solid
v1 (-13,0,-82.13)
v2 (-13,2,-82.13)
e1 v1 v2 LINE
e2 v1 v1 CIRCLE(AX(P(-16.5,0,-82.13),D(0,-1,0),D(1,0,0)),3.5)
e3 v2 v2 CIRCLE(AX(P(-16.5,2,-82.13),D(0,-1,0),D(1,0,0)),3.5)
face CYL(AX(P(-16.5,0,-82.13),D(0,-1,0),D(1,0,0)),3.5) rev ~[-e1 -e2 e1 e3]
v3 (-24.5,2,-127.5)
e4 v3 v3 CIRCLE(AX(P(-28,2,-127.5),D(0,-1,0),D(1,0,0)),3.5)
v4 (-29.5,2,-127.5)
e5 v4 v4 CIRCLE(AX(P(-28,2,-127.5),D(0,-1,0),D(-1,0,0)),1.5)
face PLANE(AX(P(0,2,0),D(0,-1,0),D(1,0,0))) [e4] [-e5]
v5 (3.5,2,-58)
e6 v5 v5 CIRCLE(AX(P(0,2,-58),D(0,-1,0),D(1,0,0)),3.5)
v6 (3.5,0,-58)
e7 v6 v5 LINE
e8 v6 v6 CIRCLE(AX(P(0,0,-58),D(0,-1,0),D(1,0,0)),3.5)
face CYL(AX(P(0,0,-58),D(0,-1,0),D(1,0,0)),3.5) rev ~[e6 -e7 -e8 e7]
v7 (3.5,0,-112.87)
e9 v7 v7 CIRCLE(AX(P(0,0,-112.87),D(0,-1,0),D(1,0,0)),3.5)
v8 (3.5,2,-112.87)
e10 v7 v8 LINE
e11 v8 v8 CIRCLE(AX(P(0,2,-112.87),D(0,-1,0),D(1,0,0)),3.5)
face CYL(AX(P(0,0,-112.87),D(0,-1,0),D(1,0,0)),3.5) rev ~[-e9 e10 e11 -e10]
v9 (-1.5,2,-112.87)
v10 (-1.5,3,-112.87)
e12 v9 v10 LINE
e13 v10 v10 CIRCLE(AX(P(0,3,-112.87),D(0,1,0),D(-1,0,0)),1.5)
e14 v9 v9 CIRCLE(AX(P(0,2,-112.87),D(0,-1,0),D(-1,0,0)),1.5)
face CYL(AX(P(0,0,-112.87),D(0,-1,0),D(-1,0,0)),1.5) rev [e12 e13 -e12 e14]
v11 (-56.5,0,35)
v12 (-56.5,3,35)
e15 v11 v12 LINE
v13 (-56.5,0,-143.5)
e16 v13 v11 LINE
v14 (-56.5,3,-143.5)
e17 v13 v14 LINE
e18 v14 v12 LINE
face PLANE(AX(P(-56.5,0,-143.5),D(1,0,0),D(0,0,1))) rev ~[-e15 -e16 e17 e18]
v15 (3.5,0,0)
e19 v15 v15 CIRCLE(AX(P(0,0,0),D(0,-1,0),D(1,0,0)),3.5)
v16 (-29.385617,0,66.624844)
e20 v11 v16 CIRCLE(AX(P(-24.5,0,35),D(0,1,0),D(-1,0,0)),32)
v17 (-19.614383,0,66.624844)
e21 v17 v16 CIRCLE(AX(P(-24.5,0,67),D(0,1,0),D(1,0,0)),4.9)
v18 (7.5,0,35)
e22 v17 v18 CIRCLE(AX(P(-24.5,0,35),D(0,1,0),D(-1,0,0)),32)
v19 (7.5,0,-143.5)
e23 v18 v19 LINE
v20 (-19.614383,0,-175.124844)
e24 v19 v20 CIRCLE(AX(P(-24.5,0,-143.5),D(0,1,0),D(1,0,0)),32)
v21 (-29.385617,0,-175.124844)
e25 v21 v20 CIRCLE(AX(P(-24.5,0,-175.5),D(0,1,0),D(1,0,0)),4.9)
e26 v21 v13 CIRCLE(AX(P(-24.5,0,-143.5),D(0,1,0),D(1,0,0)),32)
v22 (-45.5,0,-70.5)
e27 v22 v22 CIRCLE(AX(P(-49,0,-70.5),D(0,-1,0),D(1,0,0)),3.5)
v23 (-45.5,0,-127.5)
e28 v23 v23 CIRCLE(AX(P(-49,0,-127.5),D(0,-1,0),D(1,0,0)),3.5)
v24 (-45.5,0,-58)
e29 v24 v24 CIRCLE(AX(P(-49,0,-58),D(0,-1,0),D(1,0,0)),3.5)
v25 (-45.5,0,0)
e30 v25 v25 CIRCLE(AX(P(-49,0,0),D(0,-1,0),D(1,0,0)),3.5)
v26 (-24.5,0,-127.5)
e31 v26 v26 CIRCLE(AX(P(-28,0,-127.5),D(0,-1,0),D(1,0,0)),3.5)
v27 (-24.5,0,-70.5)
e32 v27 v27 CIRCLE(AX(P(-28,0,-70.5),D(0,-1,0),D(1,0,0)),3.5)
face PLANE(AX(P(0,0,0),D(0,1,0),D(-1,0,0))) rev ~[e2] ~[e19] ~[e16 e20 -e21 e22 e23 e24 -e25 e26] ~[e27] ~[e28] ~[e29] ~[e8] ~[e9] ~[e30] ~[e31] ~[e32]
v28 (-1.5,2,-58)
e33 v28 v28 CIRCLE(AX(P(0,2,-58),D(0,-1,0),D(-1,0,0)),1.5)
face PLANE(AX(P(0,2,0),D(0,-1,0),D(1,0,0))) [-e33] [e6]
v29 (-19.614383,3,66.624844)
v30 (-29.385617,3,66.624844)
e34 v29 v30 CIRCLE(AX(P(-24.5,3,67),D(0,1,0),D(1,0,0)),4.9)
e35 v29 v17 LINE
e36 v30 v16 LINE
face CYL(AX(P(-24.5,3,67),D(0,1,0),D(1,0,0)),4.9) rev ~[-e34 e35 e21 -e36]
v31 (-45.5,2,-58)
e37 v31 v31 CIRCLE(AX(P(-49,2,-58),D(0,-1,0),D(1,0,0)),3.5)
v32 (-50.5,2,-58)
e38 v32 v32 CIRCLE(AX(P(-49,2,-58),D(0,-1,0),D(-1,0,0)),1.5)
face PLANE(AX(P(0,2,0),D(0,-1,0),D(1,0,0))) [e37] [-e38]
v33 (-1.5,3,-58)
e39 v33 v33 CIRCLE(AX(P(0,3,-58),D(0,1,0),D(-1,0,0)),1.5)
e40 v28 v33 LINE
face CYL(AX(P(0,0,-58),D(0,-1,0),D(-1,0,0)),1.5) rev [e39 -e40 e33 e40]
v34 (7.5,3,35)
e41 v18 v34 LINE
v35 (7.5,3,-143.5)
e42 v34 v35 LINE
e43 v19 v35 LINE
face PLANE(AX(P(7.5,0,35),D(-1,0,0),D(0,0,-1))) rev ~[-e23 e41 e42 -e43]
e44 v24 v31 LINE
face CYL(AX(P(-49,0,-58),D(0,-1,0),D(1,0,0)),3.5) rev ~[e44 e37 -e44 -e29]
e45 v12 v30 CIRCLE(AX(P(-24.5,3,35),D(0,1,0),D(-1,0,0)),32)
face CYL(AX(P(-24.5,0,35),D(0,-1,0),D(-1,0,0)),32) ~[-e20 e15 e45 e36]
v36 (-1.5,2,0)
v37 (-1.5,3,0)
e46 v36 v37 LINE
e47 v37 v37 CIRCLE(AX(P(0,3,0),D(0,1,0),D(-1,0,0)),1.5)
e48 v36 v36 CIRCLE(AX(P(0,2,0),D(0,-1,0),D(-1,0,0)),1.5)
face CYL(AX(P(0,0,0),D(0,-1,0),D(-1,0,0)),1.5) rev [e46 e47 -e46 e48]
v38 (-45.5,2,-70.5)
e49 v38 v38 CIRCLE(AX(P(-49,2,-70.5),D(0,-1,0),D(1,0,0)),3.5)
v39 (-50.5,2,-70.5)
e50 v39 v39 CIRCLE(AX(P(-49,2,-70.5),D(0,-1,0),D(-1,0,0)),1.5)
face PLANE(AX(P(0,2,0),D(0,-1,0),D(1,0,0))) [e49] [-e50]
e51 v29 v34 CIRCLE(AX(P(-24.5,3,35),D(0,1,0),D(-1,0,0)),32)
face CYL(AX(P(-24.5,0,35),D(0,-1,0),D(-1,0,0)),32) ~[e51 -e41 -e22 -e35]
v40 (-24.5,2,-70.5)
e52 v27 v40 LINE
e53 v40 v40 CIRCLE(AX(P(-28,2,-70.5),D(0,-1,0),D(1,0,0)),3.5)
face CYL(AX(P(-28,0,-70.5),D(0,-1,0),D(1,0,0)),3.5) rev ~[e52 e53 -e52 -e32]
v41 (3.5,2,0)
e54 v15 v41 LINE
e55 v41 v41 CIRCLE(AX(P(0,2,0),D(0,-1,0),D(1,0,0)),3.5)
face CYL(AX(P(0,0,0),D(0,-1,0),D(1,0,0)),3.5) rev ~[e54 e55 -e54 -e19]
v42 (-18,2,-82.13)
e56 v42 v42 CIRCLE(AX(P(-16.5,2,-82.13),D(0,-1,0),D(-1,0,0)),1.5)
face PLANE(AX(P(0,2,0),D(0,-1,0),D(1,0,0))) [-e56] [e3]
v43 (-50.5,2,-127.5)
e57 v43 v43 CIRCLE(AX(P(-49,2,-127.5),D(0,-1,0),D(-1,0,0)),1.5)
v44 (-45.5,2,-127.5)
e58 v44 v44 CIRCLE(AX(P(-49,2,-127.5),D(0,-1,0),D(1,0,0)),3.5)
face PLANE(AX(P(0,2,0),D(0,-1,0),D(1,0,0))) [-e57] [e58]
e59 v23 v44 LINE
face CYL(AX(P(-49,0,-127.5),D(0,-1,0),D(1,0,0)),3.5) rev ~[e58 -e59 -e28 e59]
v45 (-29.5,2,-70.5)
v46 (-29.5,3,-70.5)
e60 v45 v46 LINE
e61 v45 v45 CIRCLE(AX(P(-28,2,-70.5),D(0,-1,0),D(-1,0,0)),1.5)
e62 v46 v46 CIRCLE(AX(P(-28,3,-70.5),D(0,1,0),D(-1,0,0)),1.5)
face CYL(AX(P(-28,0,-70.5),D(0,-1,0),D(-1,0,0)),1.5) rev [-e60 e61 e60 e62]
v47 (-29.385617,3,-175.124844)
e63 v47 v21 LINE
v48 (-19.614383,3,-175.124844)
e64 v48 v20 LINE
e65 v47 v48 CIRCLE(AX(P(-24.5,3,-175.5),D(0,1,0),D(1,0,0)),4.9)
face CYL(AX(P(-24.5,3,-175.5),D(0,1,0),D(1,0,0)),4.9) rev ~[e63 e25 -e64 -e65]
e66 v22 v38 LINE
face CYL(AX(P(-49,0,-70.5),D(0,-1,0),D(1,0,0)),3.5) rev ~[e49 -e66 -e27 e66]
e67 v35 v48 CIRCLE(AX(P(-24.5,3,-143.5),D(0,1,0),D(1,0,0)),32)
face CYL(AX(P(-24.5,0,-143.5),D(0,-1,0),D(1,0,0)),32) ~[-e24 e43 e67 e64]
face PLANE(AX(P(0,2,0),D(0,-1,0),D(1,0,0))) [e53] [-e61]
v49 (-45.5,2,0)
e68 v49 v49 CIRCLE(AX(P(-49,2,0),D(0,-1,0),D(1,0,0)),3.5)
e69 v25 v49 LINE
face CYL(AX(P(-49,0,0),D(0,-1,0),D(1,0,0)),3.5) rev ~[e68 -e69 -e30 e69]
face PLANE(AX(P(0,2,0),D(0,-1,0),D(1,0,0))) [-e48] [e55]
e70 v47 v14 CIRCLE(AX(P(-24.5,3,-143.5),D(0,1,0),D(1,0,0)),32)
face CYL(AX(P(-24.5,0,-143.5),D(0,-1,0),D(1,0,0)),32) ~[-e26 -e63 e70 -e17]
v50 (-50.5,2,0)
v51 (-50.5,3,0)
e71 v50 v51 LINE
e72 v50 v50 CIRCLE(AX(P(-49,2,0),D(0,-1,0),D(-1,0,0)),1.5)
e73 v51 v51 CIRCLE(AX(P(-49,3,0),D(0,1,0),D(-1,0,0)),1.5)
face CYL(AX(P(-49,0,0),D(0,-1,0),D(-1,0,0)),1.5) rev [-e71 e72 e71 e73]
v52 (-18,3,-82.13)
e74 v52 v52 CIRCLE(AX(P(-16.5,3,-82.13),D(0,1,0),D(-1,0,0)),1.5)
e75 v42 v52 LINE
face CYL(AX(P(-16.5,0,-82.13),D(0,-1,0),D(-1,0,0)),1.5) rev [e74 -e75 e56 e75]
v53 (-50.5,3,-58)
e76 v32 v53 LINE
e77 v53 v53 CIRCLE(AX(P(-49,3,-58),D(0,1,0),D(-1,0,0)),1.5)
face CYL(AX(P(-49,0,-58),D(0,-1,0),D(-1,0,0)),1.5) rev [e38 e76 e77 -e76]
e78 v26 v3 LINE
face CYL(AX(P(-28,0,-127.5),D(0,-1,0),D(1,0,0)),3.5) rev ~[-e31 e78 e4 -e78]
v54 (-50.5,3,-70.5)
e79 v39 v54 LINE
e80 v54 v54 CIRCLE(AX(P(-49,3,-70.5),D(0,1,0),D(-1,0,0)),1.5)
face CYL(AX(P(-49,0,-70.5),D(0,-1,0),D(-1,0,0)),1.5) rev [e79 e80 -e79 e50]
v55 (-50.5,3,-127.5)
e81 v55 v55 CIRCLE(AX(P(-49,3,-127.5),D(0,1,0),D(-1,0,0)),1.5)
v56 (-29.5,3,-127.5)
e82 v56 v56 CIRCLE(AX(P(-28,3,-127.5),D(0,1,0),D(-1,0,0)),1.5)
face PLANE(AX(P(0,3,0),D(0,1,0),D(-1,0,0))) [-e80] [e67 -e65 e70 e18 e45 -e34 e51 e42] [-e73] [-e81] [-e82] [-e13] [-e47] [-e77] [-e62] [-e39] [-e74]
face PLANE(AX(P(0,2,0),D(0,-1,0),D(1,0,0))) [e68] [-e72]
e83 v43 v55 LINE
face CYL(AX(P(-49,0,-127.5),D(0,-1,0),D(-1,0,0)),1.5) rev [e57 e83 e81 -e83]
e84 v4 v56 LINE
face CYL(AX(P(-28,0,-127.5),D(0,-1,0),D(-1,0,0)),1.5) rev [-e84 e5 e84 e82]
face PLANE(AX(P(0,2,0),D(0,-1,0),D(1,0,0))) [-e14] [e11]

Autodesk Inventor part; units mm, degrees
ref_plane "YZ Plane" through (0, 0, 0) normal (1, 0, 0) x (0, 1, 0)
ref_plane "XZ Plane" through (0, 0, 0) normal (0, 1, 0) x (-1, 0, 0)
ref_plane "XY Plane" through (0, 0, 0) normal (0, 0, 1) x (1, 0, 0)
sketch "Sketch1" plane through (0, 0, 0) normal (0, 1, 0) x (-1, 0, 0)
  line L0 (0, 0) -> (49, 0) construction
  line L1 (49, 0) -> (49, -58) construction
  line L2 (49, -58) -> (0, -58) construction
  line L3 (0, -58) -> (0, 0) construction
  line L4 (53.5, 32) -> (-4.5, 32) construction
  line L5 (-4.5, 32) -> (-4.5, -62) construction
  line L6 (-4.5, -62) -> (53.5, -62) construction
  line L7 (53.5, -62) -> (53.5, 32) construction
  line L8 (53.5, -58) -> (-4.5, -58) construction
  line L9 (24.5, -62) -> (24.5, -133) construction
  line L10 (49, -70.5) -> (28, -70.5) construction
  line L11 (28, -70.5) -> (28, -127.5) construction
  line L12 (28, -127.5) -> (49, -127.5) construction
  line L13 (49, -127.5) -> (49, -70.5) construction
  line L14 (24.5, -99) -> (28, -99) construction
  line L15 (45.5, -127.5) -> (31.5, -127.5) construction
  line L16 (31.5, -127.5) -> (31.5, -140.5) construction
  line L17 (31.5, -140.5) -> (45.5, -140.5) construction
  line L18 (45.5, -140.5) -> (45.5, -127.5) construction
  line L19 (16.5, -82.13) -> (0, -82.13) construction
  line L20 (0, -82.13) -> (0, -112.87) construction
  line L21 (0, -112.87) -> (16.5, -112.87) construction
  line L22 (16.5, -112.87) -> (16.5, -82.13) construction
  line L23 (24.5, -97.5) -> (16.5, -97.5) construction
  circle A0 centre (49, -127.5) radius 1.5
  circle A1 centre (49, -70.5) radius 1.5
  circle A2 centre (28, -70.5) radius 1.5
  circle A3 centre (28, -127.5) radius 1.5
  circle A4 centre (49, -58) radius 1.5
  circle A5 centre (0, -58) radius 1.5
  circle A6 centre (0, 0) radius 1.5
  circle A7 centre (49, 0) radius 1.5
  circle A8 centre (16.5, -82.13) radius 1.5
  circle A9 centre (0, -112.87) radius 1.5
  line L24 (53.5, 32) -> (-4.5, 32) construction
  line L25 (-4.5, 32) -> (-4.5, -140.5) construction
  line L26 (-4.5, -140.5) -> (53.5, -140.5) construction
  line L27 (53.5, -140.5) -> (53.5, 32) construction
  line L28 (56.5, 35) -> (-7.5, 35) construction
  line L29 (-7.5, 35) -> (-7.5, -143.5)
  line L30 (-7.5, -143.5) -> (56.5, -143.5) construction
  line L31 (56.5, -143.5) -> (56.5, 35)
  arc A10 (56.5, 35) -> (-7.5, 35) centre (24.5, 35) ccw
  arc A11 (-7.5, -143.5) -> (56.5, -143.5) centre (24.5, -143.5) ccw
  point P0 (24.5, -58)
  point P1 (38.5, -127.5)
  point P2 (38.5, -140.5)
  point P3 (53.5, -15)
  point P4 (-4.5, -15)
  point P5 (24.5, 32)
  dimension "d0" = 49
  dimension "d1" = 58
  dimension "d2" = 58
  dimension "d3" = 94
  dimension "d7" = 71
  dimension "d8" = 21
  dimension "d9" = 57
  dimension "d10" = 37
  dimension "d11" = 3.5
  dimension "d12" = 14
  dimension "d13" = 13
  dimension "d14" = 16.5
  dimension "d15" = 30.74
  dimension "d16" = 8
  dimension "d17" = 3
  dimension "d18" = 3
  dimension "d19" = 3
  dimension "d20" = 3
  dimension "d21" = 3
  dimension "d22" = 3
  dimension "d23" = 3
  dimension "d24" = 3
  dimension "d25" = 3
  dimension "d26" = 3
  dimension "d27" = 3
  dimension "d43" = 4
extrude "Extrusion1" add sketch "Sketch1" along normal blind 3
sketch "Sketch2" plane through (0, 0, 0) normal (0, -1, 0) x (1, 0, 0)
  arc A0 (-56.5, -143.5) -> (7.5, -143.5) centre (-24.5, -143.5) ccw projected
  line L0 (7.5, 35) -> (7.5, -143.5) projected
  arc A1 (7.5, 35) -> (-56.5, 35) centre (-24.5, 35) ccw projected
  line L1 (-56.5, -143.5) -> (-56.5, 35) projected
  circle A2 centre (0, -112.87) radius 1.5 projected
  circle A3 centre (-49, 0) radius 1.5 projected
  circle A4 centre (0, 0) radius 1.5 projected
  circle A5 centre (0, -58) radius 1.5 projected
  circle A6 centre (-49, -58) radius 1.5 projected
  circle A7 centre (-28, -127.5) radius 1.5 projected
  circle A8 centre (-28, -70.5) radius 1.5 projected
  circle A9 centre (-49, -70.5) radius 1.5 projected
  circle A10 centre (-49, -127.5) radius 1.5 projected
  circle A11 centre (-16.5, -82.13) radius 1.5 projected
  circle A12 centre (0, 0) radius 3.5
  circle A13 centre (-49, 0) radius 3.5
  circle A14 centre (-49, -58) radius 3.5
  circle A15 centre (0, -58) radius 3.5
  circle A16 centre (-28, -70.5) radius 3.5
  circle A17 centre (-49, -70.5) radius 3.5
  circle A18 centre (-16.5, -82.13) radius 3.5
  circle A19 centre (0, -112.87) radius 3.5
  circle A20 centre (-28, -127.5) radius 3.5
  circle A21 centre (-49, -127.5) radius 3.5
  dimension "d31" = 2
  dimension "d32" = 2
  dimension "d33" = 2
  dimension "d34" = 2
  dimension "d35" = 2
  dimension "d36" = 2
  dimension "d37" = 2
  dimension "d38" = 2
  dimension "d39" = 2
  dimension "d40" = 2
extrude "Extrusion2" cut sketch "Sketch2" against normal blind 2 contours A12 | A13 | A14 | A15 | A16 | A17 | A18 | A19 | A20 | A21
sketch "Sketch3" plane through (0, 3, 0) normal (0, 1, 0) x (1, 0, 0)
  arc A0 (-56.5, -35) -> (7.5, -35) centre (-24.5, -35) ccw projected
  circle A1 centre (-24.5, -67) radius 4.9
  arc A2 (7.5, 143.5) -> (-56.5, 143.5) centre (-24.5, 143.5) ccw projected
  circle A3 centre (-24.5, 175.5) radius 4.9
  point P0 (0, 0)
  point P1 (-29.3856, 175.1248)
  point P2 (-19.6144, 175.1248)
  point P3 (-19.6144, -66.6248)
  point P4 (-29.3856, -66.6248)
  dimension "d44" = 9.8
  dimension "d45" = 9.8
extrude "Extrusion3" cut sketch "Sketch3" against normal through all contours A1 A0 | A3 A2 picked at (-24.5, -65.3388) picked at (-24.5, 173.8388)
properties part number "electronics_layout_v2"
